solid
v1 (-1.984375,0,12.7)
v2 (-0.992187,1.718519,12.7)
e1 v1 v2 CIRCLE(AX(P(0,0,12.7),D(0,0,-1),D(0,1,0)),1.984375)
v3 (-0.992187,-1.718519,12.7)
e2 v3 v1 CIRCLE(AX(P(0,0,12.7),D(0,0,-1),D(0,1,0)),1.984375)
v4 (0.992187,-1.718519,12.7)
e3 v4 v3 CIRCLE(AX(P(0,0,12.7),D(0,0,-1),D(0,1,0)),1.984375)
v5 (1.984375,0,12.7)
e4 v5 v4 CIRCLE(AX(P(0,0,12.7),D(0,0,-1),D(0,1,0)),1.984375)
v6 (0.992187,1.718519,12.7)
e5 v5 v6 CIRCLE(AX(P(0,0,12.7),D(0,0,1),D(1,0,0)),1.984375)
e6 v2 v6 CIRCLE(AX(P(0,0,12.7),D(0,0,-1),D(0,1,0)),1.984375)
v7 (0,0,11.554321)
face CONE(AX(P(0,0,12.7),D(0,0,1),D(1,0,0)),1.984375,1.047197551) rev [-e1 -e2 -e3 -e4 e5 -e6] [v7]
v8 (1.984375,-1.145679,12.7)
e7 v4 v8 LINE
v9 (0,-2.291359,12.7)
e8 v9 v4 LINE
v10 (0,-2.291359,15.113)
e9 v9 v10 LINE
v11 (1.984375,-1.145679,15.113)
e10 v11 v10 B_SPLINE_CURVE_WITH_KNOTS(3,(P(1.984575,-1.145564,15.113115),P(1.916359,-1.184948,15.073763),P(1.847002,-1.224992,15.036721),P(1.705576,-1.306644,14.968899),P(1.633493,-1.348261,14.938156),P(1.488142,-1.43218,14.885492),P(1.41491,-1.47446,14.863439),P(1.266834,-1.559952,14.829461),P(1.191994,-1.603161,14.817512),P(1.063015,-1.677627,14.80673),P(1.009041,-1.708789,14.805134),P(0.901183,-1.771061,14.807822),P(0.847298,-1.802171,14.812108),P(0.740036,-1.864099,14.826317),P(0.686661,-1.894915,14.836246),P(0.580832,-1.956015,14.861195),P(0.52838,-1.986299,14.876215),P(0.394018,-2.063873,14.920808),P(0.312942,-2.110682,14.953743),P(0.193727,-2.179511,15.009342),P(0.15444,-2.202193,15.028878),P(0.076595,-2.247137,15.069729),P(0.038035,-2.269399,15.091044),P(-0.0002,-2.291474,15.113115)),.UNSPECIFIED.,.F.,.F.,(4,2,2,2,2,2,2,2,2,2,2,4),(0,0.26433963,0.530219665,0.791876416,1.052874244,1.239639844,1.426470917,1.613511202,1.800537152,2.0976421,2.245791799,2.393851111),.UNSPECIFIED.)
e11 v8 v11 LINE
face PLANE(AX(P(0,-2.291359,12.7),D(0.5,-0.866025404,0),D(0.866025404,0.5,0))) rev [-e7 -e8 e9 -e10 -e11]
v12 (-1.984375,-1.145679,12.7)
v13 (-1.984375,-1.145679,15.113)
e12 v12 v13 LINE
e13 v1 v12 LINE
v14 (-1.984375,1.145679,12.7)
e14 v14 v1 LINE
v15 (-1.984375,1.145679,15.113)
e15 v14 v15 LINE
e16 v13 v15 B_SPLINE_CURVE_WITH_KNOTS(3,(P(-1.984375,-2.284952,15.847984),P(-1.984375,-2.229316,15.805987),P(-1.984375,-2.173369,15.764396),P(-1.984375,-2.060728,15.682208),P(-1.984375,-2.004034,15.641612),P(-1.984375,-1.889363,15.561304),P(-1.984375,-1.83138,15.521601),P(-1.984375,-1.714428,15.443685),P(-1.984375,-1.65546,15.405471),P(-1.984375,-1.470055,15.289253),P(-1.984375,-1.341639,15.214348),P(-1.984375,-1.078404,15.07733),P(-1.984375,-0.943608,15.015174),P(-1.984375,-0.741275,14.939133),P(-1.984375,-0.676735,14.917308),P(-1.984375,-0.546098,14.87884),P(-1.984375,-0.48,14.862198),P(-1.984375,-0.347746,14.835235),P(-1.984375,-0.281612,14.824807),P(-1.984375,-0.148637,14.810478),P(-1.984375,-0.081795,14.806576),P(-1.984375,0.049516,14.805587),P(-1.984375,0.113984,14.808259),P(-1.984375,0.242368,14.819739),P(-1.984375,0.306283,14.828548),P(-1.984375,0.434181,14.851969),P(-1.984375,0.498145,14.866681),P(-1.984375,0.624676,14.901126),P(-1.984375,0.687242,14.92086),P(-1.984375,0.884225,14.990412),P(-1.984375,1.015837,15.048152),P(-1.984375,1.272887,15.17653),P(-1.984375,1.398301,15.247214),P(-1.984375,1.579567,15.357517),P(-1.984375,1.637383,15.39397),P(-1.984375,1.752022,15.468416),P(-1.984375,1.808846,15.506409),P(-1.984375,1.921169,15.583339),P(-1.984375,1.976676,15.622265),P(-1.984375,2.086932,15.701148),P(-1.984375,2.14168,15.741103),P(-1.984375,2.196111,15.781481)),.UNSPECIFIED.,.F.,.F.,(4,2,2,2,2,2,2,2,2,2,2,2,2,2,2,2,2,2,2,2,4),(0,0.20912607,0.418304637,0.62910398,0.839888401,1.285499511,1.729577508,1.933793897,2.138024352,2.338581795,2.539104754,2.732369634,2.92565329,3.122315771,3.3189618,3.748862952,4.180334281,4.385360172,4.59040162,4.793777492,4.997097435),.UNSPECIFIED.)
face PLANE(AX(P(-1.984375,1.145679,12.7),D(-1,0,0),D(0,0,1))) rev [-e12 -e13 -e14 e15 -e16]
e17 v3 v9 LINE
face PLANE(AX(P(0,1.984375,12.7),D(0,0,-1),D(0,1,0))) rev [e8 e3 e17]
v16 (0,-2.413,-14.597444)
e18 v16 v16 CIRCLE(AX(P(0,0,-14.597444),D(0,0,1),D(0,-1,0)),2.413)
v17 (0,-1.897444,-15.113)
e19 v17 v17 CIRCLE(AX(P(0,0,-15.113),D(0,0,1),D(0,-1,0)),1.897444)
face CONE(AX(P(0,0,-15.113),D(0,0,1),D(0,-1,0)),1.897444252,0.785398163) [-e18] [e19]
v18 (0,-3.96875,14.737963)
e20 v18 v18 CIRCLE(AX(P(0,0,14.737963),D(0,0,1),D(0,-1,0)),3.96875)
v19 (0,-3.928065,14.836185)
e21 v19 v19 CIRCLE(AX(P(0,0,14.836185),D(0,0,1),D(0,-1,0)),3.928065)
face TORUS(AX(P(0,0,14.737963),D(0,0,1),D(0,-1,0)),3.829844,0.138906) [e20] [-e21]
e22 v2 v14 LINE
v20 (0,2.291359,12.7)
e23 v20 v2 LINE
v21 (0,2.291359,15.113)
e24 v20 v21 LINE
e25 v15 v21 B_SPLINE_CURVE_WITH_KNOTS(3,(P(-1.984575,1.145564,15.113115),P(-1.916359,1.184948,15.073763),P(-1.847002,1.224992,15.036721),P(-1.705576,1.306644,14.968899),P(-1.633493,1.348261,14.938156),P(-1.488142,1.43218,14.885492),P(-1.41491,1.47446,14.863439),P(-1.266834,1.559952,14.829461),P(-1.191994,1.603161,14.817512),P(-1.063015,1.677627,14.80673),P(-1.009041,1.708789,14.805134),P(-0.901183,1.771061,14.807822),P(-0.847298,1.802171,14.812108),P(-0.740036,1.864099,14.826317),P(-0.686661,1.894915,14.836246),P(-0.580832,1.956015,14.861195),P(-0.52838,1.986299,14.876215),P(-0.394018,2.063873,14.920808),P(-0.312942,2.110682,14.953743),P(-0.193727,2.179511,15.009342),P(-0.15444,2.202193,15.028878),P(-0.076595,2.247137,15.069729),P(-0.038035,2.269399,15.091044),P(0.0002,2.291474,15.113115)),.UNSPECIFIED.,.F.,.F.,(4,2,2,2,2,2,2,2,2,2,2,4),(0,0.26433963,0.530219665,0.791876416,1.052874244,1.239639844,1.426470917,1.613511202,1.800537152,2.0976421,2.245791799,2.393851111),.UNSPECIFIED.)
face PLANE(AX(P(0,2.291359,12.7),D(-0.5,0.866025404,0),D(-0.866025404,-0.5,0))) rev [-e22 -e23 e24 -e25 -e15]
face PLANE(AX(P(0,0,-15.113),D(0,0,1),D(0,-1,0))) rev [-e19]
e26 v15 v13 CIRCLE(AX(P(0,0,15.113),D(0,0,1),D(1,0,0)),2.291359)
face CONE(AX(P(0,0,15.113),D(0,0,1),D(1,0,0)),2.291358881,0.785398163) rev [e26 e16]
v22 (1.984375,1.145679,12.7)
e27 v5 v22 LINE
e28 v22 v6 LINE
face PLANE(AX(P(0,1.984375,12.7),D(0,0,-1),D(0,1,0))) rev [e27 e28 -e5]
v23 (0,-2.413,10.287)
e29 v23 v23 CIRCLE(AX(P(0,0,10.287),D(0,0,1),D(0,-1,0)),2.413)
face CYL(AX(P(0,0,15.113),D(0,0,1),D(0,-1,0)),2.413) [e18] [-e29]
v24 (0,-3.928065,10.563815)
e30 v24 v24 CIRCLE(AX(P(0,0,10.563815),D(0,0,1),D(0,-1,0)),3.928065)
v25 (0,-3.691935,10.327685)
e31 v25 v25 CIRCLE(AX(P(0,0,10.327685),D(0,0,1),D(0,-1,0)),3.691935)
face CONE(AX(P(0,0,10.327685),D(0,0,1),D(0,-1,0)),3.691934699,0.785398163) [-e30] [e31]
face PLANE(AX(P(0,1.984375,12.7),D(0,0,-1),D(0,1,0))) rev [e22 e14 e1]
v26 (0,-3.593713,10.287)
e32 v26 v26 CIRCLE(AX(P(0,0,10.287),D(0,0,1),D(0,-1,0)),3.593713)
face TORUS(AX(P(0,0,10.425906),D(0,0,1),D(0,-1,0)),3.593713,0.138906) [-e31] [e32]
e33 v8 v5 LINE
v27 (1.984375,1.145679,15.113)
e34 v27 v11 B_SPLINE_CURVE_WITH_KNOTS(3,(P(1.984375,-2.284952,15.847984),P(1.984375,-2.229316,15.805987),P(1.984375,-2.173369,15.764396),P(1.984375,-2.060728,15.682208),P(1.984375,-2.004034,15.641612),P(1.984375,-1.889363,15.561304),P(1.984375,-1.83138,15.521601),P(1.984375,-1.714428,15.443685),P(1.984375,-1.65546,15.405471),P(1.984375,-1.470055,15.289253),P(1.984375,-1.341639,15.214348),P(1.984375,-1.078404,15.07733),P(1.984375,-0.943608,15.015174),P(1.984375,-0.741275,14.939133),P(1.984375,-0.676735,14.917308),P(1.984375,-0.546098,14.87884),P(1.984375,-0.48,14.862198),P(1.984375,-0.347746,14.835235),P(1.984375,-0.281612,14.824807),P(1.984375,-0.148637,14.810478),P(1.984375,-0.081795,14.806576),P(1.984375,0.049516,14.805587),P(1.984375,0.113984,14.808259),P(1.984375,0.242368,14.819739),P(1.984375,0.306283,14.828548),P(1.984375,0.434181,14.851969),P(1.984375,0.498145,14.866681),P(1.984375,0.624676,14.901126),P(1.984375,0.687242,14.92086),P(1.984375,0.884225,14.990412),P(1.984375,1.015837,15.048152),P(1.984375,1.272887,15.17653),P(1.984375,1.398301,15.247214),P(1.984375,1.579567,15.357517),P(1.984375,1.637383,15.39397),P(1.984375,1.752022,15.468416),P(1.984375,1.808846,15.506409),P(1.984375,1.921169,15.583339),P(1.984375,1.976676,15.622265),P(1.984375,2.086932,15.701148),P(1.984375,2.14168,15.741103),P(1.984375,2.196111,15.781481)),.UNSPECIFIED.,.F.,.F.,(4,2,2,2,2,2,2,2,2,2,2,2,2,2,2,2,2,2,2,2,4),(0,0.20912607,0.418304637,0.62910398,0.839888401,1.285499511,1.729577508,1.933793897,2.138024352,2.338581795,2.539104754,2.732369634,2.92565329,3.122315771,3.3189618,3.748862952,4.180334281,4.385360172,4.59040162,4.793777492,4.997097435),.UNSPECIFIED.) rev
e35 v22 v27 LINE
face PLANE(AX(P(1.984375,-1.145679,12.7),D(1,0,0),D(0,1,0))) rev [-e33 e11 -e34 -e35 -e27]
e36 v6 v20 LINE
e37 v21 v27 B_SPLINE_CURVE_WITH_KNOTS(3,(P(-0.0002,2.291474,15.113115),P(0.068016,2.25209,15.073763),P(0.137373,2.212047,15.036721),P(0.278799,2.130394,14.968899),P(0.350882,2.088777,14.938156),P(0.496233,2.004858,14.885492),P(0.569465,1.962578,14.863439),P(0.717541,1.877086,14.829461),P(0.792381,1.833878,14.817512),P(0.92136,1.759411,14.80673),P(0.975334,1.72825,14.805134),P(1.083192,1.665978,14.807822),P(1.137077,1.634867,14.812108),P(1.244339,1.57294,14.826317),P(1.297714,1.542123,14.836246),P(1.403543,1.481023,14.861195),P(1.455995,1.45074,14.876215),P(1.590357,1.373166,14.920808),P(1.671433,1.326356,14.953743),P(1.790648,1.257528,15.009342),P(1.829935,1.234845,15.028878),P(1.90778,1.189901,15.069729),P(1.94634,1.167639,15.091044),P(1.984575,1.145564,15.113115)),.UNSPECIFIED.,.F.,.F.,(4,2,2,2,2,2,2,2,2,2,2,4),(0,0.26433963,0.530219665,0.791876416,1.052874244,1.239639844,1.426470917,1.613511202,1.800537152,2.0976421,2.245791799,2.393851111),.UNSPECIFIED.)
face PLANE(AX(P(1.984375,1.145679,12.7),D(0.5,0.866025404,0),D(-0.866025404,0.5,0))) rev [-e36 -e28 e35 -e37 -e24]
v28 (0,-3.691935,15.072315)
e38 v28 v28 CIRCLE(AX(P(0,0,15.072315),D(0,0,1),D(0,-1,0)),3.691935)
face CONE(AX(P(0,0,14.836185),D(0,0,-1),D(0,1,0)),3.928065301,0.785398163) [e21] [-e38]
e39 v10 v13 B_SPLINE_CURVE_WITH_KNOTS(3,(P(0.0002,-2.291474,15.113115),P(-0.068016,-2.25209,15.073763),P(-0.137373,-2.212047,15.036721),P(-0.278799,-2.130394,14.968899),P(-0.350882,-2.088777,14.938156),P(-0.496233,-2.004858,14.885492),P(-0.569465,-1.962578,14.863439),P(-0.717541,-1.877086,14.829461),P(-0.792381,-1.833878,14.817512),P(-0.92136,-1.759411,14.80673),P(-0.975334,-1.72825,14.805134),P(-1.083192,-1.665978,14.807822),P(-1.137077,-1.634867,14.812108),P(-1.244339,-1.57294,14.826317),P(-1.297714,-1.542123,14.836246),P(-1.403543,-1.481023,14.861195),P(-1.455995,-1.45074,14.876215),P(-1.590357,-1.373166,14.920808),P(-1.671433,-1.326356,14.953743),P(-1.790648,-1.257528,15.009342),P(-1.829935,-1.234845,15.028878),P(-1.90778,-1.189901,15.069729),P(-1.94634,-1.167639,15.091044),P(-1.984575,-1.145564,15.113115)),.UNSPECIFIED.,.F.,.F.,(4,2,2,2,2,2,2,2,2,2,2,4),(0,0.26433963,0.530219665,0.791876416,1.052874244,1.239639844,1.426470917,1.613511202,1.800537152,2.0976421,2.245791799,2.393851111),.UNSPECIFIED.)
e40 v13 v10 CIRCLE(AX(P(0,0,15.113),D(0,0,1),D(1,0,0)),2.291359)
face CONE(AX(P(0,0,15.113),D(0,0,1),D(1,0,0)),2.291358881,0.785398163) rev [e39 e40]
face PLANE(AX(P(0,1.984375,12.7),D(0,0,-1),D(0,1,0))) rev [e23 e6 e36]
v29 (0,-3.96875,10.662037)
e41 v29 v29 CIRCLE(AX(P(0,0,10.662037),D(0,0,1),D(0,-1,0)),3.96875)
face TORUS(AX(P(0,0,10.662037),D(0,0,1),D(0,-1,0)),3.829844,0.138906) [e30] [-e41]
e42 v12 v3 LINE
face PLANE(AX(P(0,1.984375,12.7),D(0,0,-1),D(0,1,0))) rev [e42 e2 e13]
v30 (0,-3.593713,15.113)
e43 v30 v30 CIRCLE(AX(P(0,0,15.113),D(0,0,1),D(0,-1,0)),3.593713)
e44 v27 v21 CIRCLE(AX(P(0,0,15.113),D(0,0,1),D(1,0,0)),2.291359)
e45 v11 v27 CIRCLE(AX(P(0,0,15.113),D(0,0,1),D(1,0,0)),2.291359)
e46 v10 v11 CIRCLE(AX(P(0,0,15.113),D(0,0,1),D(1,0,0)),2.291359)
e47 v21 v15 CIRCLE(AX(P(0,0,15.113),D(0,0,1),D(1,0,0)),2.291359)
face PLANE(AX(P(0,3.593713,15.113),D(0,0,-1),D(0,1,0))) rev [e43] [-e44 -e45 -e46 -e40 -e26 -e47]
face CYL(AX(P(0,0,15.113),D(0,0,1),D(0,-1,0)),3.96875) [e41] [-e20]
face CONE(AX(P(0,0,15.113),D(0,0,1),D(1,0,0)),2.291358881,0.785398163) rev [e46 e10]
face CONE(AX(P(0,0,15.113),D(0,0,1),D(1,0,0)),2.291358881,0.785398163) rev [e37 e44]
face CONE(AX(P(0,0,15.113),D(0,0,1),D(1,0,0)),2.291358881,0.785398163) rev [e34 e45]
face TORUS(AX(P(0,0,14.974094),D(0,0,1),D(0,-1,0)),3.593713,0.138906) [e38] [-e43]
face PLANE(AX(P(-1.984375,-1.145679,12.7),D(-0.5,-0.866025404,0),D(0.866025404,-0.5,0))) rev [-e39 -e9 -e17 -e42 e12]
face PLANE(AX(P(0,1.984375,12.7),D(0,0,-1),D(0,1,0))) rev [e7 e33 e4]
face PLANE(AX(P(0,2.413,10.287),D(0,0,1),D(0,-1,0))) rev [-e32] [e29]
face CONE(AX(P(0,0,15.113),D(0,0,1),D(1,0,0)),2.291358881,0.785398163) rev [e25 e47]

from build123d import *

# Parameters (mm, degrees)
CUT_EXTRUDE1_DEPTH = 2.413


with BuildPart() as part:
    # Sketch3 → Revolve1 (revolve)
    with BuildSketch(Plane(origin=(0, 0, 0), x_dir=(0, 0, -1), z_dir=(1, 0, 0)), mode=Mode.PRIVATE) as revolve1_sk:
        with BuildLine():
            Line((-15.113, 3.593713147), (-15.113, 1.984375))
            Line((-15.113, 1.984375), (-12.7, 1.984375))
            Line((-12.7, 1.984375), (-12.7, 0))
            Line((-12.7, 0), (15.113, 0))
            Line((15.113, 0), (15.113, 1.897444252))
            Line((15.113, 1.897444252), (14.597444252, 2.413))
            Line((14.597444252, 2.413), (-10.287, 2.413))
            Line((-10.287, 2.413), (-10.287, 3.593713147))
            ThreePointArc((-10.287, 3.593713147), (-10.297573609, 3.646870268), (-10.327684699, 3.691934699))
            Line((-10.327684699, 3.691934699), (-10.563815301, 3.928065301))
            ThreePointArc((-10.563815301, 3.928065301), (-10.608879732, 3.958176391), (-10.662036853, 3.96875))
            Line((-10.662036853, 3.96875), (-14.737963147, 3.96875))
            ThreePointArc((-14.737963147, 3.96875), (-14.791120268, 3.958176391), (-14.836184699, 3.928065301))
            Line((-14.836184699, 3.928065301), (-15.072315301, 3.691934699))
            ThreePointArc((-15.072315301, 3.691934699), (-15.102426391, 3.646870268), (-15.113, 3.593713147))
        make_face()
    revolve(revolve1_sk.sketch.rotate(Axis((0, 0, 15.113), (0, 0, -1)), 180), axis=Axis((0, 0, 15.113), (0, 0, -1)))

    # Sketch4 → Cut-Extrude1 (cut)
    with BuildSketch(Plane.XY.offset(15.113)):
        Polygon((0, 2.291358881), (-1.984375, 1.14567944), (-1.984375, -1.14567944), (0, -2.291358881), (1.984375, -1.14567944), (1.984375, 1.14567944), align=None)
    extrude(amount=-CUT_EXTRUDE1_DEPTH, mode=Mode.SUBTRACT)

    # Cut-Extrude2 cone 1 section (through the dimple's axis) → Cut-Extrude2 (revolve, cut)
    with BuildSketch(Plane(origin=(0, 0, 15.113), x_dir=(0, -1, 0), z_dir=(1, 0, 0))):
        Polygon((0, 0), (2.291358881, 0), (0, 2.291358881), align=None)
    revolve(axis=Axis((0, 0, 15.113), (0, 0, -1)), mode=Mode.SUBTRACT)

    # Cut-Extrude3 cone 1 section (through the dimple's axis) → Cut-Extrude3 (revolve, cut)
    with BuildSketch(Plane(origin=(0, 0, 12.7), x_dir=(0, -1, 0), z_dir=(1, 0, 0))):
        Polygon((0, 0), (1.984375, 0), (0, 1.14567944), align=None)
    revolve(axis=Axis((0, 0, 12.7), (0, 0, -1)), mode=Mode.SUBTRACT)


solid = part.part
